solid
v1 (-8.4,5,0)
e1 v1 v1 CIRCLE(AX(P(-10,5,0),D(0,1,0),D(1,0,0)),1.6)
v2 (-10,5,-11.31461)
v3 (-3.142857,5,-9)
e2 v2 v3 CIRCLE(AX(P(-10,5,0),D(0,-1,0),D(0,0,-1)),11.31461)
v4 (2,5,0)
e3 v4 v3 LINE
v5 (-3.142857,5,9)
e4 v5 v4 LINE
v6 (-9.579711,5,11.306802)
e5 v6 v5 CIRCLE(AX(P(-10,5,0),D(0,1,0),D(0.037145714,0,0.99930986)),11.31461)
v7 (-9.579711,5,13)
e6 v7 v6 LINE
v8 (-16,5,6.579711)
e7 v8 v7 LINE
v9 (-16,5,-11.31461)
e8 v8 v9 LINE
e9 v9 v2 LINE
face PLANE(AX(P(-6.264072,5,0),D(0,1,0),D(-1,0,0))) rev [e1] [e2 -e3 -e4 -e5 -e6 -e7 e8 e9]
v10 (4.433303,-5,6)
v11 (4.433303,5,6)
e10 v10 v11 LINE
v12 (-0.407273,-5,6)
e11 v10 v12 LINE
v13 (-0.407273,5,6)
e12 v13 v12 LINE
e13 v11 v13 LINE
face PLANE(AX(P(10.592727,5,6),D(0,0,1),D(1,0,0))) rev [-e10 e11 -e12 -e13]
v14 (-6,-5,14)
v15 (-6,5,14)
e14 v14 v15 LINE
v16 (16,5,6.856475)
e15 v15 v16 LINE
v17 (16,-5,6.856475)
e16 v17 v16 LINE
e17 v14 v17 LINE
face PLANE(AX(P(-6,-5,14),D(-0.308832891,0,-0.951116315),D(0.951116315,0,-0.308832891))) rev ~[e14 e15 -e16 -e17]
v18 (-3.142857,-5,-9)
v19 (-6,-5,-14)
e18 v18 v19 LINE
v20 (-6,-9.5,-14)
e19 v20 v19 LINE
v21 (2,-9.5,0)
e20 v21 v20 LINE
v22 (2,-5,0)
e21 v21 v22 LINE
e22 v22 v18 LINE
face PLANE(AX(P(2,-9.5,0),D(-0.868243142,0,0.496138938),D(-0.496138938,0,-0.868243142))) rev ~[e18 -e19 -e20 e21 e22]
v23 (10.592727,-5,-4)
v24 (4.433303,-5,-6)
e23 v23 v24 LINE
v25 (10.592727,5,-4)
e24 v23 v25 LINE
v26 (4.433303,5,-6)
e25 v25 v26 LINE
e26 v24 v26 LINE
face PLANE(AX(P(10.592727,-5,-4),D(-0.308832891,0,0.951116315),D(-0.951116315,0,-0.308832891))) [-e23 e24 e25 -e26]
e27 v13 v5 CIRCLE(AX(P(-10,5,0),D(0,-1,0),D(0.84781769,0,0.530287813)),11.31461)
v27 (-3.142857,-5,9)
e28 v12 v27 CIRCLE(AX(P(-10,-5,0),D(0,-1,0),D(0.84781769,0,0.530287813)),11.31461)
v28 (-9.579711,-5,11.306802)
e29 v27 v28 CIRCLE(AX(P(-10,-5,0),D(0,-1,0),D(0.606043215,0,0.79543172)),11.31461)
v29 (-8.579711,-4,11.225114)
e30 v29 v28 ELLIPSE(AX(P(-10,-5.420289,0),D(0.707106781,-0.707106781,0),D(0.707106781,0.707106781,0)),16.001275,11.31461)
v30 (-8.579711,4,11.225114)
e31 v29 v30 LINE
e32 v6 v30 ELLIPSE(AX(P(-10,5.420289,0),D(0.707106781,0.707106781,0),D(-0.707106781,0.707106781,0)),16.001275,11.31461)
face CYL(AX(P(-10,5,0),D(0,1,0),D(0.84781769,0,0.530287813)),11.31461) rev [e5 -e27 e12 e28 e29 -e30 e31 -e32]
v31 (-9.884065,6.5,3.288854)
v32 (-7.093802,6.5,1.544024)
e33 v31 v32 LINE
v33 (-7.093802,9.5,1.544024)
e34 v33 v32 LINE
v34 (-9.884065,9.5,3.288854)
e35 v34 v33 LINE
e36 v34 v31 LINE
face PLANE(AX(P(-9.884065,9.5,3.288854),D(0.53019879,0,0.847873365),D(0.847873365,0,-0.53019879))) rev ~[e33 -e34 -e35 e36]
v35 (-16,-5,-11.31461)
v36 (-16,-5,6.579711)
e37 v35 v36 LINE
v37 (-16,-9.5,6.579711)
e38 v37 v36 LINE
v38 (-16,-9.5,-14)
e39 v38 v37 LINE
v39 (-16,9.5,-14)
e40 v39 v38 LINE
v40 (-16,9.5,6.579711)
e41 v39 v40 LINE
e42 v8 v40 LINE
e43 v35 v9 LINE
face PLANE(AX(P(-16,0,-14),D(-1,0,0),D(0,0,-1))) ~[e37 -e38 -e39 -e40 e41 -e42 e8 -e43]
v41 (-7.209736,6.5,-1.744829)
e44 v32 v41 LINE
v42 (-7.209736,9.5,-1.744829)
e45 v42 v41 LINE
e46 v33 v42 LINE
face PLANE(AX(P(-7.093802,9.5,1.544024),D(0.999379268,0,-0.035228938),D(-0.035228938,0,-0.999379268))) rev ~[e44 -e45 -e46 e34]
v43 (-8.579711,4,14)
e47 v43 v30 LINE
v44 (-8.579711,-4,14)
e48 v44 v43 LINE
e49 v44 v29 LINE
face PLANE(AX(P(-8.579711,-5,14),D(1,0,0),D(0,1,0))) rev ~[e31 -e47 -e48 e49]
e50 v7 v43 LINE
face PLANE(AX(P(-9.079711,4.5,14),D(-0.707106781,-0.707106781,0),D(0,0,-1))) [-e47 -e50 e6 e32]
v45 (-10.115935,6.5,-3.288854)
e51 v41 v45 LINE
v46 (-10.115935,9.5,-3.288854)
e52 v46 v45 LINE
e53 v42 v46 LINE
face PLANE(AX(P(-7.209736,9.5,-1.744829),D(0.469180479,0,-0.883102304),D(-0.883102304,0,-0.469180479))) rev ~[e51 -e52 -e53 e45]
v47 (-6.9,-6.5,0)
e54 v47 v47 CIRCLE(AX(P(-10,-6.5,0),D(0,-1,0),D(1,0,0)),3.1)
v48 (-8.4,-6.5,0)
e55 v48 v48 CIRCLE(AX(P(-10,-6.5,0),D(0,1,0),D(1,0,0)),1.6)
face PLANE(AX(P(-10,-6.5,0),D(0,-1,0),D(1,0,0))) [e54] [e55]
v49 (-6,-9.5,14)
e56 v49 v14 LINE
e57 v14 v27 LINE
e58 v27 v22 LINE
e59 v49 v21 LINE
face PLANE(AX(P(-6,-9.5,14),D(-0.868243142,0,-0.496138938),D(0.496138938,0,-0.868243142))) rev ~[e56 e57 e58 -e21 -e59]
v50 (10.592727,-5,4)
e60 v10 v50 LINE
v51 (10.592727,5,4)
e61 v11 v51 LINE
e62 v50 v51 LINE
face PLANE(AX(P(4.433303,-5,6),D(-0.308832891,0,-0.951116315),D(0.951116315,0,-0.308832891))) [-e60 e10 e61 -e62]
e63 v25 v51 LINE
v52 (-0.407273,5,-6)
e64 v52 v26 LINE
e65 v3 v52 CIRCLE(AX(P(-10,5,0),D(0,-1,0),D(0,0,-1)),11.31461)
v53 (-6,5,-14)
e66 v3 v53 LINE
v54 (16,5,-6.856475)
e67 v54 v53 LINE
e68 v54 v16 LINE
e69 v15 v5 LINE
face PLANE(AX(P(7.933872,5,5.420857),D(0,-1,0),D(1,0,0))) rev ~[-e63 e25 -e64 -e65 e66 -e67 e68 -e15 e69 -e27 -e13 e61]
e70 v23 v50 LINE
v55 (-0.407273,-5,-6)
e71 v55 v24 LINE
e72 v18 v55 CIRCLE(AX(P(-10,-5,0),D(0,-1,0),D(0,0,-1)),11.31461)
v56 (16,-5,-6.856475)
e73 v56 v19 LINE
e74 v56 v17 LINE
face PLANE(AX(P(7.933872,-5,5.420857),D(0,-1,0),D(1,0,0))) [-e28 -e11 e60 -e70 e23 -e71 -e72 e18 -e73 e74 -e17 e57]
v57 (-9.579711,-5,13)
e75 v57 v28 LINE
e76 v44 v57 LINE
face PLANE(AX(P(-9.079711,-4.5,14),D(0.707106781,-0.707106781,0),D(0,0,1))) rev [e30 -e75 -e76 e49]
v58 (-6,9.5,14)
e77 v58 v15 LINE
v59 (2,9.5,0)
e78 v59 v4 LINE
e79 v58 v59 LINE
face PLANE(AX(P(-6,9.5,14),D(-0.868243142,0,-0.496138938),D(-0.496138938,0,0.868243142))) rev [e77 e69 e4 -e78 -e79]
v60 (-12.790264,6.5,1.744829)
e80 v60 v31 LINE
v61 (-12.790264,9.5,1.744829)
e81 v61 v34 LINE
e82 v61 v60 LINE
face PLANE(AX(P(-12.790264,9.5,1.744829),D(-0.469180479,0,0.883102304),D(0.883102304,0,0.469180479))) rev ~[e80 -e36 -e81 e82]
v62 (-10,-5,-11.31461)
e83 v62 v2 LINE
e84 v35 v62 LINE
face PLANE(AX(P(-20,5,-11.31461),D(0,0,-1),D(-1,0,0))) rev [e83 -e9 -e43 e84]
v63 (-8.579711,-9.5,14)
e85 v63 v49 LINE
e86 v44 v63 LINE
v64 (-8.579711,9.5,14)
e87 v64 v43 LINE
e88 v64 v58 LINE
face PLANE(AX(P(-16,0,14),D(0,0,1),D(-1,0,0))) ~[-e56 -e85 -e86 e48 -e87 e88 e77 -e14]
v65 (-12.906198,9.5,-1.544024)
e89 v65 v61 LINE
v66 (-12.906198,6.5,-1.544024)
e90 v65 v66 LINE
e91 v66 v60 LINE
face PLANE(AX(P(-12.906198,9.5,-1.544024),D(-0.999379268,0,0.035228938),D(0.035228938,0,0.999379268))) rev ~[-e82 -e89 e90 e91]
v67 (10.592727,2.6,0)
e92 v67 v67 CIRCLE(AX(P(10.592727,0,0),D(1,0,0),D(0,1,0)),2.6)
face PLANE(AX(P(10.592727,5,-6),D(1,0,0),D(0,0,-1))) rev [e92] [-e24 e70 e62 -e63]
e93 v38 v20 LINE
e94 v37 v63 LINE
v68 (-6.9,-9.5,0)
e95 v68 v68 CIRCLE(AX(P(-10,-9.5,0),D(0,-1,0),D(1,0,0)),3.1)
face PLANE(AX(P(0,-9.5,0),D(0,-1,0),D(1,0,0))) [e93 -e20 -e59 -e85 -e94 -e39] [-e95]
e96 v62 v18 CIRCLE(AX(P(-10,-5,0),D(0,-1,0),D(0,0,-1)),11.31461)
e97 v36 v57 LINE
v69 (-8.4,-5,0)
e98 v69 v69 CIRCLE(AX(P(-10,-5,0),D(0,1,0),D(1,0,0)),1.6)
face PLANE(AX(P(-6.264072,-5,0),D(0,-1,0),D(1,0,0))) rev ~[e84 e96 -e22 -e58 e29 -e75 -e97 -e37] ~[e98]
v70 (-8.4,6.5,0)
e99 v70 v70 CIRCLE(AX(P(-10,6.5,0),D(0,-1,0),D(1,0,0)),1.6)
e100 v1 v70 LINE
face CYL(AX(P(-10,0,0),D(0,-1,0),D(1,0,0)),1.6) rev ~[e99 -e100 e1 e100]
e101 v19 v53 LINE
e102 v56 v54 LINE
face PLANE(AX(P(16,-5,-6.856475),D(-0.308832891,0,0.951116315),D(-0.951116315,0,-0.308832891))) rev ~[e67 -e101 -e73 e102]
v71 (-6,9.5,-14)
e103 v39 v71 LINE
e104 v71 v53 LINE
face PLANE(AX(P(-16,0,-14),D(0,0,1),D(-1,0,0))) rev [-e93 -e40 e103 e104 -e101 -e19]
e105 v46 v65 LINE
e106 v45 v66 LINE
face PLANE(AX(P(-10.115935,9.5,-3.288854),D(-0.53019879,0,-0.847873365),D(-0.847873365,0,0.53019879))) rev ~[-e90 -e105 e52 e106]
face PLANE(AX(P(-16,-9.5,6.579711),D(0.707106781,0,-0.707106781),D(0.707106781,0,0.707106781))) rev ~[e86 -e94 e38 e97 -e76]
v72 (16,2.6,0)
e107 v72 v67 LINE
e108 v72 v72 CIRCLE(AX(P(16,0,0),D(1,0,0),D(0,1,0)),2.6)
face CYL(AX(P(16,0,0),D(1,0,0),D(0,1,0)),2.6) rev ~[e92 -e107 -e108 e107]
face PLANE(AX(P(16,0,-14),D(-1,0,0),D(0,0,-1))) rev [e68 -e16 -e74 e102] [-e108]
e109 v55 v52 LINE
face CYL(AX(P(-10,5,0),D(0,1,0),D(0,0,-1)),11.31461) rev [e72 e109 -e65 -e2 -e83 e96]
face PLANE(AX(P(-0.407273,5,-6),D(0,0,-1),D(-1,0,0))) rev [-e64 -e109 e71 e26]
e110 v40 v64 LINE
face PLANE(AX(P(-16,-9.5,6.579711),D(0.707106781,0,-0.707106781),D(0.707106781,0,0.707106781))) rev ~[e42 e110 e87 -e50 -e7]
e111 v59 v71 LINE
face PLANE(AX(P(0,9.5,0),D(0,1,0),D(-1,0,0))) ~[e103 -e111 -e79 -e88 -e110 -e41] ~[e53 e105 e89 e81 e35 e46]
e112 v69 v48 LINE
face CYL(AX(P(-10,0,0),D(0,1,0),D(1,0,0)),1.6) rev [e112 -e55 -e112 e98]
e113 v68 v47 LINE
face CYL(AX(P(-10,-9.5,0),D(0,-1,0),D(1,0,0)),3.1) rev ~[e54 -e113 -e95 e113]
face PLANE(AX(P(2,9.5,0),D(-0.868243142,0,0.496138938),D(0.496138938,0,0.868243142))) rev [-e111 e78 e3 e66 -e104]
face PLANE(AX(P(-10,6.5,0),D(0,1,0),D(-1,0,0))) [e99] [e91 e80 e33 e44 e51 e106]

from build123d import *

# Parameters (mm, degrees)
F0_W      = 32
F0_H      = 28
F0_R      = 1.6
F1_DEPTH  = 9.5
F3_DEPTH  = 4.5
F5_DEPTH  = 5
F8_R      = 2.6
F9_DEPTH  = 25
F11_DEPTH = 3
F12_R     = 3.1
F13_DEPTH = 3
F15_DEPTH = 25
F17_DEPTH = 10
F18_W     = 7.420289278
F18_H     = 10
F19_DEPTH = 5
F21_DEPTH = 25
F22_SIZE  = 1


with BuildPart() as f1:
    # F0 (on Front) → F1 (new body)
    with BuildSketch(Plane.XZ):
        Rectangle(F0_W, F0_H)
        with Locations((-10, 0)):
            Circle(F0_R, mode=Mode.SUBTRACT)
    extrude(amount=F1_DEPTH)

    # F2 (on face) → F3 (cut)
    with BuildSketch(Plane.XZ.offset(9.5)):
        Polygon((16, -14), (16, 14), (-6, 14), (2, 0), (-6, -14), align=None)
    extrude(amount=-F3_DEPTH, mode=Mode.SUBTRACT)

    # F4 (on face) → F5 (cut, through all)
    with BuildSketch(Plane.XZ.offset(5)):
        with BuildLine():
            Line((10.5927268367, 6), (-0.4072731633, 6))
            ThreePointArc((-0.4072731633, 6), (-4.516718781, 9.8971730932), (-10, 11.314610385))
            Line((-10, 11.314610385), (-20, 11.314610385))
            Line((-20, 11.314610385), (-20, -11.314610385))
            Line((-20, -11.314610385), (-10, -11.314610385))
            ThreePointArc((-10, -11.314610385), (-4.516718781, -9.8971730932), (-0.4072731633, -6))
            Line((-0.4072731633, -6), (10.5927268367, -6))
            Line((10.5927268367, -6), (10.5927268367, 6))
        make_face()
    extrude(amount=-F5_DEPTH, mode=Mode.SUBTRACT)

    # F7: F1 across plane


with BuildPart() as f1_1:
    add(f1.part)
    add(f1.part.mirror(Plane.XZ))

    # F8 (on face) → F9 (cut)
    with BuildSketch(Plane.YZ.offset(16)):
        Circle(F8_R)
    extrude(amount=-F9_DEPTH, mode=Mode.SUBTRACT)

    # F10 (on face) → F11 (cut)
    with BuildSketch(Plane(origin=(0, 9.5, 0), x_dir=(-1, 0, 0), z_dir=(0, 1, 0))):
        Polygon((10.1159347913, -3.2888537706), (12.9061983103, -1.5440244109), (12.790263519, 1.7448293597), (9.8840652087, 3.2888537706), (7.0938016897, 1.5440244109), (7.209736481, -1.7448293597), align=None)
    extrude(amount=-F11_DEPTH, mode=Mode.SUBTRACT)

    # F12 (on face) → F13 (cut)
    with BuildSketch(Plane.XZ.offset(9.5)):
        with Locations((-10, 0)):
            Circle(F12_R)
    extrude(amount=-F13_DEPTH, mode=Mode.SUBTRACT)

    # F14 (on face) → F15 (cut)
    with BuildSketch(Plane.XZ.offset(5)):
        Polygon((16, 6.8564745598), (16, 14), (-6, 14), align=None)
        Polygon((16, -6.8564745598), (-6, -14), (16, -14), align=None)
    extrude(amount=-F15_DEPTH, mode=Mode.SUBTRACT)

    # F16 (on face) → F17 (join, through all)
    with BuildSketch(Plane.XZ.offset(5)):
        Polygon((10.5927268367, 6), (4.4333031224, 6), (10.5927268367, 4), align=None)
        Polygon((4.4333031224, -6), (10.5927268367, -6), (10.5927268367, -4), align=None)
    extrude(amount=-F17_DEPTH)

    # F18 (on face) → F19 (cut)
    with BuildSketch(Plane.XY.offset(14)):
        with Locations((-12.289855361, 0)):
            Rectangle(F18_W, F18_H)
    extrude(amount=-F19_DEPTH, mode=Mode.SUBTRACT)

    # F20 (on face) → F21 (cut)
    with BuildSketch(Plane.XZ.offset(9.5)):
        Polygon((-16, 6.579710722), (-8.579710722, 14), (-16, 14), align=None)
    extrude(amount=-F21_DEPTH, mode=Mode.SUBTRACT)

    # F22
    f22_edges = [f1_1.edges().sort_by_distance(p)[0] for p in [
        (-8.579711, -5, 12.612557),
        (-8.579711, 5, 12.612557),
    ]]
    chamfer(f22_edges, length=F22_SIZE)


solid = f1_1.part
